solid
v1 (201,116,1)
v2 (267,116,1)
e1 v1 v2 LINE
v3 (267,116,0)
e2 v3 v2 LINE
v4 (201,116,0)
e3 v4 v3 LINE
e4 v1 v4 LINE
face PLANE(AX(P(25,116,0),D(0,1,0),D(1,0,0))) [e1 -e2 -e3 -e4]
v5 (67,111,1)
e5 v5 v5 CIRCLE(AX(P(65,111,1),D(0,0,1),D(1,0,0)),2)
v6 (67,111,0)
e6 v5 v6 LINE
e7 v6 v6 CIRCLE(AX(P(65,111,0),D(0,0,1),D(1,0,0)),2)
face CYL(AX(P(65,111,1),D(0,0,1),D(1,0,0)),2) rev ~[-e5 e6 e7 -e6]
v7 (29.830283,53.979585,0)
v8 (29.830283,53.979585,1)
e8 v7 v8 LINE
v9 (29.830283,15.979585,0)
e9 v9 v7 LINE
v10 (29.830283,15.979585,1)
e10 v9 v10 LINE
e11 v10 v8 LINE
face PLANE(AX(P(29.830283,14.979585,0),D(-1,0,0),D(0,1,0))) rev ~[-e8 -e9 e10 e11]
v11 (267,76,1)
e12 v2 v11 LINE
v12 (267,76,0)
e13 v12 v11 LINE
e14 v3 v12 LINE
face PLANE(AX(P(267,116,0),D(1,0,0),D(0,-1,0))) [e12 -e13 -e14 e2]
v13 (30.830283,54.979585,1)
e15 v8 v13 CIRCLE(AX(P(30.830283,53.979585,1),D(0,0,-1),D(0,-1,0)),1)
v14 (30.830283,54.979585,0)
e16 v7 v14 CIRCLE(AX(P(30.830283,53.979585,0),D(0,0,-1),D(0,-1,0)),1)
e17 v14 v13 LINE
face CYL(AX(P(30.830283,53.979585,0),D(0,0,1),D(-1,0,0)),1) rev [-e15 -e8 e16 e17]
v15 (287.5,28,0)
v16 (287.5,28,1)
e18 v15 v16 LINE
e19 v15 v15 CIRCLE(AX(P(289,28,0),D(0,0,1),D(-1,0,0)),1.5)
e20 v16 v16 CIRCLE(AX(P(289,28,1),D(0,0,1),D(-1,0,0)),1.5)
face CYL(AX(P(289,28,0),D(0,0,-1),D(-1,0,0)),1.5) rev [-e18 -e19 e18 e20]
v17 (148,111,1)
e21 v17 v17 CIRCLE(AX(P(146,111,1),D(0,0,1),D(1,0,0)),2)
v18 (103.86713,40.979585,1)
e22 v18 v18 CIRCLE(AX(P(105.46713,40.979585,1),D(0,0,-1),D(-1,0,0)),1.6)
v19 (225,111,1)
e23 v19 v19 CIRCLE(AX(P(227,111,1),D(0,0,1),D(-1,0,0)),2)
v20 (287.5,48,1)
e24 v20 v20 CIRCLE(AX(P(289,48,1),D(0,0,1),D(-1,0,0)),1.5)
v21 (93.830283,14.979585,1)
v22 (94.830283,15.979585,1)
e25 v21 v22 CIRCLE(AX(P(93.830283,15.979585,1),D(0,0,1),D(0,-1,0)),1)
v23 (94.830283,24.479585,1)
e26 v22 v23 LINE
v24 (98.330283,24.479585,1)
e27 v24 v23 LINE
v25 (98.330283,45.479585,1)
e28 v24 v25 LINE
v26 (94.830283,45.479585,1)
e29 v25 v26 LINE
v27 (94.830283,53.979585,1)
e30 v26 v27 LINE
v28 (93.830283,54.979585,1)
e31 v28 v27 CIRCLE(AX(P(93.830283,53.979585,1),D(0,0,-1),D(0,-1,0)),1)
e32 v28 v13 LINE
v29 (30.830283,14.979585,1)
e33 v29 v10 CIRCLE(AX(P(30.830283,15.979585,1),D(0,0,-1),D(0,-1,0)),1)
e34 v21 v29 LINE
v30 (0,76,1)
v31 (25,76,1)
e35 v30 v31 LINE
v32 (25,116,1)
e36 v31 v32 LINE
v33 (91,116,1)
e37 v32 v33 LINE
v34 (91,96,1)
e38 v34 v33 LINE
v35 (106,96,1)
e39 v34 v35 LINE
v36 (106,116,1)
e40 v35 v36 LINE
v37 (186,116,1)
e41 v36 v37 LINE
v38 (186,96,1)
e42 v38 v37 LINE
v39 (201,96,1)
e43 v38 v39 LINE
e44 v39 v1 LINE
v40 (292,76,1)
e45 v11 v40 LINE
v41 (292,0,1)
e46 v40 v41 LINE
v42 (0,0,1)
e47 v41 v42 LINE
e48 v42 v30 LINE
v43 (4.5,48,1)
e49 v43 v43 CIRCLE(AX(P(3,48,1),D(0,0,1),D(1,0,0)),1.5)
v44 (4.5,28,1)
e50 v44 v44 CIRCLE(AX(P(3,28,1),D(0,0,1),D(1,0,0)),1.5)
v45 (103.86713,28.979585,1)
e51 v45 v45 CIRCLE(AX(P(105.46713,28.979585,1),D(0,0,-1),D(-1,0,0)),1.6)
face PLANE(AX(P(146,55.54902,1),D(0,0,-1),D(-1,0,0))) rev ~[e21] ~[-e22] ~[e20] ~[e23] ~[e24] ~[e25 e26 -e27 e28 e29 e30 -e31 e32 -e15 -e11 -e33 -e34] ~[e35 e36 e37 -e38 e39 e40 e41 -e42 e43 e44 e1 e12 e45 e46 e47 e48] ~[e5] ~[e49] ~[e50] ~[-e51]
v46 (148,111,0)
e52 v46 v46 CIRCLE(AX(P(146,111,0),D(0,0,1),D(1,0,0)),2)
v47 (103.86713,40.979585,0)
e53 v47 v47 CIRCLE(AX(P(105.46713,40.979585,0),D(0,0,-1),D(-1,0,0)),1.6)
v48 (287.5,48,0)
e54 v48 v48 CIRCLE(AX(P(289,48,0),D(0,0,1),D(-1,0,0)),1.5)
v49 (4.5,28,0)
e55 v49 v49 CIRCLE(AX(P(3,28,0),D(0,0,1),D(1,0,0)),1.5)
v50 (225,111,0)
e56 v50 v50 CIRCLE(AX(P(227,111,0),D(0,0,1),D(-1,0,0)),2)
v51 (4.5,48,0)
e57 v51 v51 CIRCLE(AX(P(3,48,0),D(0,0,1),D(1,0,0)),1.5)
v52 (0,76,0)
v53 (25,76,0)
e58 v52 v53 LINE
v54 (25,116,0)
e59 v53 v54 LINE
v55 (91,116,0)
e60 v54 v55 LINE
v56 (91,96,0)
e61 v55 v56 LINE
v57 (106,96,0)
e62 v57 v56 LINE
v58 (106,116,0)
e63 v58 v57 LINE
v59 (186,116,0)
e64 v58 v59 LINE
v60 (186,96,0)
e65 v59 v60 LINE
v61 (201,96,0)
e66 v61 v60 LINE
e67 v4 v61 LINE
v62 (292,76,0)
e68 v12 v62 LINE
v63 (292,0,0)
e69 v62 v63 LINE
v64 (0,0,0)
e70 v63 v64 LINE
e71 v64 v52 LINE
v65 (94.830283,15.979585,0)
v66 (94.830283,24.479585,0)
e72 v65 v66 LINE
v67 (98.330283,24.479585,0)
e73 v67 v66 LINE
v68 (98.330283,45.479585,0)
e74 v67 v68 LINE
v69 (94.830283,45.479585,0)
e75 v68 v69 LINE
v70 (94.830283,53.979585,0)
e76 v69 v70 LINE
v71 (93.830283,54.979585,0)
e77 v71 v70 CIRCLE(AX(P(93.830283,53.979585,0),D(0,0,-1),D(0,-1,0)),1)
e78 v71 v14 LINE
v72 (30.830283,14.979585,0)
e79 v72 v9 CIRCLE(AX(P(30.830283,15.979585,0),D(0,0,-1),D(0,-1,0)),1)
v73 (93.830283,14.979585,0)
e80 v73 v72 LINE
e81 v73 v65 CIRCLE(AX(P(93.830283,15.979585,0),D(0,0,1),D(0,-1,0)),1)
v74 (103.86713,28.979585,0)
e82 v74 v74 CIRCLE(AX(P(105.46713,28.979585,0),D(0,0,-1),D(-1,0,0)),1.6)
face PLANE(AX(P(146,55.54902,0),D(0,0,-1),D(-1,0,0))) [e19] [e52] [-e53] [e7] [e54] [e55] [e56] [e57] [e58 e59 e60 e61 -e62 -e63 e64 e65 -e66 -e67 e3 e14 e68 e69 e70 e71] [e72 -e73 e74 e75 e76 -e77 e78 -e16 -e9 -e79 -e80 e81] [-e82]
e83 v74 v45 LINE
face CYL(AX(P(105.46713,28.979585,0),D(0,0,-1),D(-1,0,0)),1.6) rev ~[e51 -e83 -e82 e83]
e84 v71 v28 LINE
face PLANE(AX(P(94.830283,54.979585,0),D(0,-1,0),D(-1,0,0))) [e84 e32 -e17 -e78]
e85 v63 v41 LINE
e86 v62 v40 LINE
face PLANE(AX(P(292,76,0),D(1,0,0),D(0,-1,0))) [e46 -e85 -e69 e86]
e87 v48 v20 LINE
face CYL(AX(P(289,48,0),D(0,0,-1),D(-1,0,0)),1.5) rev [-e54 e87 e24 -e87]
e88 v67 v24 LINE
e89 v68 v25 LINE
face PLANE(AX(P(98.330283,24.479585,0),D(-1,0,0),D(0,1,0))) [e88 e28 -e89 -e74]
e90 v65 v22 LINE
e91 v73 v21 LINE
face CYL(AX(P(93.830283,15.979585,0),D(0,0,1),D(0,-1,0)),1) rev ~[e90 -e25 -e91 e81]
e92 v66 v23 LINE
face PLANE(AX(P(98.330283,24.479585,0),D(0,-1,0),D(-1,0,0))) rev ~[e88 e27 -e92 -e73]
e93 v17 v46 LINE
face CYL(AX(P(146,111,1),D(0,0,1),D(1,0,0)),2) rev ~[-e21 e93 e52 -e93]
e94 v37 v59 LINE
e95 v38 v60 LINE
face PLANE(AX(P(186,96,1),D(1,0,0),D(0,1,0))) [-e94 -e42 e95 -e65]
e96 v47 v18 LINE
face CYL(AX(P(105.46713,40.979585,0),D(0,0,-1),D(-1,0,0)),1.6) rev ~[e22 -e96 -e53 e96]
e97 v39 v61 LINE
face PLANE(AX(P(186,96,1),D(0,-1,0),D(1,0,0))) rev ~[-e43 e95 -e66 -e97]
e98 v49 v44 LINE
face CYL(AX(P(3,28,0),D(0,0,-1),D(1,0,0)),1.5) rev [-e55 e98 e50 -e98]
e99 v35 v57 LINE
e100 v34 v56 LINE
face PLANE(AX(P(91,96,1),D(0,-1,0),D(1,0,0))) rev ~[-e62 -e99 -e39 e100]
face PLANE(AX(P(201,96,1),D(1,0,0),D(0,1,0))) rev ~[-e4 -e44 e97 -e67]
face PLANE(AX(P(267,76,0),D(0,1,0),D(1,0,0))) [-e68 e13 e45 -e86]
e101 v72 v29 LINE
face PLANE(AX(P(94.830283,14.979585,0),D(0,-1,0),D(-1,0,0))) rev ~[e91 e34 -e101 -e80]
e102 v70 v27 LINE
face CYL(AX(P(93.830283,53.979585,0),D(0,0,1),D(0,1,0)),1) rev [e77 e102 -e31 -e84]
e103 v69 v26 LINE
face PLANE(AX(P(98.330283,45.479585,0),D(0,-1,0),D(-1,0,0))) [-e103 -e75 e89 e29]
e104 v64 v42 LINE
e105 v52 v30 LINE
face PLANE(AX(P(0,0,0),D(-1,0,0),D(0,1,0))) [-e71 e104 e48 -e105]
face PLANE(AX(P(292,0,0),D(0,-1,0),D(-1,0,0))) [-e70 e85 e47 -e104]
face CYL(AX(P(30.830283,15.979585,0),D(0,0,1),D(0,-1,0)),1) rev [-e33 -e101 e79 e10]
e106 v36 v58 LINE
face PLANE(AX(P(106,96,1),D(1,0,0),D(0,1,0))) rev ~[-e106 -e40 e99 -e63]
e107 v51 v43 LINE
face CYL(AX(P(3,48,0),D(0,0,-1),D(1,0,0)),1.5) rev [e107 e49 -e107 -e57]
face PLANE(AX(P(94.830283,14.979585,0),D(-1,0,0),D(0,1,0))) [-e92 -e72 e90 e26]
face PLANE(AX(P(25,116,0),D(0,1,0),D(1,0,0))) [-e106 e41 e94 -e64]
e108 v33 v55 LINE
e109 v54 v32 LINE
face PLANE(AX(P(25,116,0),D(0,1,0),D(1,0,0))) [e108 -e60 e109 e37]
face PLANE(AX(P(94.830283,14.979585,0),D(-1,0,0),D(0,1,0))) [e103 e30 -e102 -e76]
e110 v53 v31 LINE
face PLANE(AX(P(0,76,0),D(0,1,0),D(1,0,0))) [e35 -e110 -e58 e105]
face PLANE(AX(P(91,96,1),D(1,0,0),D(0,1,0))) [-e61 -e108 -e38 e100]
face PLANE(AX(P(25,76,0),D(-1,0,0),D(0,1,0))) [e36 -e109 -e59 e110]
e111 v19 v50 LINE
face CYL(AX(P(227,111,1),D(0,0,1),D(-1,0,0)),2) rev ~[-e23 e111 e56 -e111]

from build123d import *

# Parameters (mm, degrees)
SKETCH_1_R          = 1.5
EXTRUDE_1_DEPTH     = 1
SKETCH_2_R          = 2
SKETCH_2_W          = 15
SKETCH_2_H          = 20
CUT_EXTRUDE_1_DEPTH = 315.198981539
SKETCH_3_W          = 65
SKETCH_3_H          = 40
CUT_EXTRUDE_5_DEPTH = 10
SKETCH_4_W          = 3.5
SKETCH_4_H          = 21
CUT_EXTRUDE_6_DEPTH = 10
SKETCH_6_R          = 1.6
CUT_EXTRUDE_8_DEPTH = 2
FILLET_1_R          = 1


with BuildPart() as part:
    # 草图1 → 凸台-拉伸1 (new body)
    with BuildSketch(Plane.XY):
        Polygon((0, 0), (0, 76), (25, 76), (25, 116), (267, 116), (267, 76), (292, 76), (292, 0), align=None)
        with Locations((3, 48)):
            Circle(SKETCH_1_R, mode=Mode.SUBTRACT)
        with Locations((3, 28)):
            Circle(SKETCH_1_R, mode=Mode.SUBTRACT)
        with Locations(Location((289, 28, 0), (0, 0, 180))):
            Circle(SKETCH_1_R, mode=Mode.SUBTRACT)
        with Locations(Location((289, 48, 0), (0, 0, 180))):
            Circle(SKETCH_1_R, mode=Mode.SUBTRACT)
    extrude(amount=EXTRUDE_1_DEPTH)

    # 草图2 → 切除-拉伸1 (cut, through all)
    with BuildSketch(Plane.XY.offset(1)):
        with Locations((65, 111)):
            Circle(SKETCH_2_R)
        with Locations(Location((227, 111, 0), (0, 0, 180))):
            Circle(SKETCH_2_R)
        with Locations((146, 111)):
            Circle(SKETCH_2_R)
        with Locations((193.5, 106)):
            Rectangle(SKETCH_2_W, SKETCH_2_H)
        with Locations((98.5, 106)):
            Rectangle(SKETCH_2_W, SKETCH_2_H)
    extrude(amount=-CUT_EXTRUDE_1_DEPTH, mode=Mode.SUBTRACT)

    # 草图3 → 切除-拉伸5 (cut)
    with BuildSketch(Plane(origin=(0, 0, 0), x_dir=(-1, 0, 0), z_dir=(0, 0, -1))):
        with Locations((-62.330283152, 34.979584943)):
            Rectangle(SKETCH_3_W, SKETCH_3_H)
    extrude(amount=-CUT_EXTRUDE_5_DEPTH, mode=Mode.SUBTRACT)

    # 草图4 → 切除-拉伸6 (cut)
    with BuildSketch(Plane(origin=(0, 0, 0), x_dir=(-1, 0, 0), z_dir=(0, 0, -1))):
        with Locations((-96.580283152, 34.979584943)):
            Rectangle(SKETCH_4_W, SKETCH_4_H)
    extrude(amount=-CUT_EXTRUDE_6_DEPTH, mode=Mode.SUBTRACT)

    # 草图6 → 切除-拉伸8 (cut)
    with BuildSketch(Plane(origin=(0, 0, 0), x_dir=(-1, 0, 0), z_dir=(0, 0, -1))):
        with Locations((-105.467130331, 28.979584943)):
            Circle(SKETCH_6_R)
        with Locations((-105.467130331, 40.979584943)):
            Circle(SKETCH_6_R)
    extrude(amount=-CUT_EXTRUDE_8_DEPTH, mode=Mode.SUBTRACT)

    # 圆角1
    fillet_1_edges = [part.edges().sort_by_distance(p)[0] for p in [
        (29.830283152, 54.979584943, 0.5),
        (29.830283152, 14.979584943, 0.5),
        (94.830283152, 14.979584943, 0.5),
        (94.830283152, 54.979584943, 0.5),
    ]]
    fillet(fillet_1_edges, radius=FILLET_1_R)


solid = part.part
